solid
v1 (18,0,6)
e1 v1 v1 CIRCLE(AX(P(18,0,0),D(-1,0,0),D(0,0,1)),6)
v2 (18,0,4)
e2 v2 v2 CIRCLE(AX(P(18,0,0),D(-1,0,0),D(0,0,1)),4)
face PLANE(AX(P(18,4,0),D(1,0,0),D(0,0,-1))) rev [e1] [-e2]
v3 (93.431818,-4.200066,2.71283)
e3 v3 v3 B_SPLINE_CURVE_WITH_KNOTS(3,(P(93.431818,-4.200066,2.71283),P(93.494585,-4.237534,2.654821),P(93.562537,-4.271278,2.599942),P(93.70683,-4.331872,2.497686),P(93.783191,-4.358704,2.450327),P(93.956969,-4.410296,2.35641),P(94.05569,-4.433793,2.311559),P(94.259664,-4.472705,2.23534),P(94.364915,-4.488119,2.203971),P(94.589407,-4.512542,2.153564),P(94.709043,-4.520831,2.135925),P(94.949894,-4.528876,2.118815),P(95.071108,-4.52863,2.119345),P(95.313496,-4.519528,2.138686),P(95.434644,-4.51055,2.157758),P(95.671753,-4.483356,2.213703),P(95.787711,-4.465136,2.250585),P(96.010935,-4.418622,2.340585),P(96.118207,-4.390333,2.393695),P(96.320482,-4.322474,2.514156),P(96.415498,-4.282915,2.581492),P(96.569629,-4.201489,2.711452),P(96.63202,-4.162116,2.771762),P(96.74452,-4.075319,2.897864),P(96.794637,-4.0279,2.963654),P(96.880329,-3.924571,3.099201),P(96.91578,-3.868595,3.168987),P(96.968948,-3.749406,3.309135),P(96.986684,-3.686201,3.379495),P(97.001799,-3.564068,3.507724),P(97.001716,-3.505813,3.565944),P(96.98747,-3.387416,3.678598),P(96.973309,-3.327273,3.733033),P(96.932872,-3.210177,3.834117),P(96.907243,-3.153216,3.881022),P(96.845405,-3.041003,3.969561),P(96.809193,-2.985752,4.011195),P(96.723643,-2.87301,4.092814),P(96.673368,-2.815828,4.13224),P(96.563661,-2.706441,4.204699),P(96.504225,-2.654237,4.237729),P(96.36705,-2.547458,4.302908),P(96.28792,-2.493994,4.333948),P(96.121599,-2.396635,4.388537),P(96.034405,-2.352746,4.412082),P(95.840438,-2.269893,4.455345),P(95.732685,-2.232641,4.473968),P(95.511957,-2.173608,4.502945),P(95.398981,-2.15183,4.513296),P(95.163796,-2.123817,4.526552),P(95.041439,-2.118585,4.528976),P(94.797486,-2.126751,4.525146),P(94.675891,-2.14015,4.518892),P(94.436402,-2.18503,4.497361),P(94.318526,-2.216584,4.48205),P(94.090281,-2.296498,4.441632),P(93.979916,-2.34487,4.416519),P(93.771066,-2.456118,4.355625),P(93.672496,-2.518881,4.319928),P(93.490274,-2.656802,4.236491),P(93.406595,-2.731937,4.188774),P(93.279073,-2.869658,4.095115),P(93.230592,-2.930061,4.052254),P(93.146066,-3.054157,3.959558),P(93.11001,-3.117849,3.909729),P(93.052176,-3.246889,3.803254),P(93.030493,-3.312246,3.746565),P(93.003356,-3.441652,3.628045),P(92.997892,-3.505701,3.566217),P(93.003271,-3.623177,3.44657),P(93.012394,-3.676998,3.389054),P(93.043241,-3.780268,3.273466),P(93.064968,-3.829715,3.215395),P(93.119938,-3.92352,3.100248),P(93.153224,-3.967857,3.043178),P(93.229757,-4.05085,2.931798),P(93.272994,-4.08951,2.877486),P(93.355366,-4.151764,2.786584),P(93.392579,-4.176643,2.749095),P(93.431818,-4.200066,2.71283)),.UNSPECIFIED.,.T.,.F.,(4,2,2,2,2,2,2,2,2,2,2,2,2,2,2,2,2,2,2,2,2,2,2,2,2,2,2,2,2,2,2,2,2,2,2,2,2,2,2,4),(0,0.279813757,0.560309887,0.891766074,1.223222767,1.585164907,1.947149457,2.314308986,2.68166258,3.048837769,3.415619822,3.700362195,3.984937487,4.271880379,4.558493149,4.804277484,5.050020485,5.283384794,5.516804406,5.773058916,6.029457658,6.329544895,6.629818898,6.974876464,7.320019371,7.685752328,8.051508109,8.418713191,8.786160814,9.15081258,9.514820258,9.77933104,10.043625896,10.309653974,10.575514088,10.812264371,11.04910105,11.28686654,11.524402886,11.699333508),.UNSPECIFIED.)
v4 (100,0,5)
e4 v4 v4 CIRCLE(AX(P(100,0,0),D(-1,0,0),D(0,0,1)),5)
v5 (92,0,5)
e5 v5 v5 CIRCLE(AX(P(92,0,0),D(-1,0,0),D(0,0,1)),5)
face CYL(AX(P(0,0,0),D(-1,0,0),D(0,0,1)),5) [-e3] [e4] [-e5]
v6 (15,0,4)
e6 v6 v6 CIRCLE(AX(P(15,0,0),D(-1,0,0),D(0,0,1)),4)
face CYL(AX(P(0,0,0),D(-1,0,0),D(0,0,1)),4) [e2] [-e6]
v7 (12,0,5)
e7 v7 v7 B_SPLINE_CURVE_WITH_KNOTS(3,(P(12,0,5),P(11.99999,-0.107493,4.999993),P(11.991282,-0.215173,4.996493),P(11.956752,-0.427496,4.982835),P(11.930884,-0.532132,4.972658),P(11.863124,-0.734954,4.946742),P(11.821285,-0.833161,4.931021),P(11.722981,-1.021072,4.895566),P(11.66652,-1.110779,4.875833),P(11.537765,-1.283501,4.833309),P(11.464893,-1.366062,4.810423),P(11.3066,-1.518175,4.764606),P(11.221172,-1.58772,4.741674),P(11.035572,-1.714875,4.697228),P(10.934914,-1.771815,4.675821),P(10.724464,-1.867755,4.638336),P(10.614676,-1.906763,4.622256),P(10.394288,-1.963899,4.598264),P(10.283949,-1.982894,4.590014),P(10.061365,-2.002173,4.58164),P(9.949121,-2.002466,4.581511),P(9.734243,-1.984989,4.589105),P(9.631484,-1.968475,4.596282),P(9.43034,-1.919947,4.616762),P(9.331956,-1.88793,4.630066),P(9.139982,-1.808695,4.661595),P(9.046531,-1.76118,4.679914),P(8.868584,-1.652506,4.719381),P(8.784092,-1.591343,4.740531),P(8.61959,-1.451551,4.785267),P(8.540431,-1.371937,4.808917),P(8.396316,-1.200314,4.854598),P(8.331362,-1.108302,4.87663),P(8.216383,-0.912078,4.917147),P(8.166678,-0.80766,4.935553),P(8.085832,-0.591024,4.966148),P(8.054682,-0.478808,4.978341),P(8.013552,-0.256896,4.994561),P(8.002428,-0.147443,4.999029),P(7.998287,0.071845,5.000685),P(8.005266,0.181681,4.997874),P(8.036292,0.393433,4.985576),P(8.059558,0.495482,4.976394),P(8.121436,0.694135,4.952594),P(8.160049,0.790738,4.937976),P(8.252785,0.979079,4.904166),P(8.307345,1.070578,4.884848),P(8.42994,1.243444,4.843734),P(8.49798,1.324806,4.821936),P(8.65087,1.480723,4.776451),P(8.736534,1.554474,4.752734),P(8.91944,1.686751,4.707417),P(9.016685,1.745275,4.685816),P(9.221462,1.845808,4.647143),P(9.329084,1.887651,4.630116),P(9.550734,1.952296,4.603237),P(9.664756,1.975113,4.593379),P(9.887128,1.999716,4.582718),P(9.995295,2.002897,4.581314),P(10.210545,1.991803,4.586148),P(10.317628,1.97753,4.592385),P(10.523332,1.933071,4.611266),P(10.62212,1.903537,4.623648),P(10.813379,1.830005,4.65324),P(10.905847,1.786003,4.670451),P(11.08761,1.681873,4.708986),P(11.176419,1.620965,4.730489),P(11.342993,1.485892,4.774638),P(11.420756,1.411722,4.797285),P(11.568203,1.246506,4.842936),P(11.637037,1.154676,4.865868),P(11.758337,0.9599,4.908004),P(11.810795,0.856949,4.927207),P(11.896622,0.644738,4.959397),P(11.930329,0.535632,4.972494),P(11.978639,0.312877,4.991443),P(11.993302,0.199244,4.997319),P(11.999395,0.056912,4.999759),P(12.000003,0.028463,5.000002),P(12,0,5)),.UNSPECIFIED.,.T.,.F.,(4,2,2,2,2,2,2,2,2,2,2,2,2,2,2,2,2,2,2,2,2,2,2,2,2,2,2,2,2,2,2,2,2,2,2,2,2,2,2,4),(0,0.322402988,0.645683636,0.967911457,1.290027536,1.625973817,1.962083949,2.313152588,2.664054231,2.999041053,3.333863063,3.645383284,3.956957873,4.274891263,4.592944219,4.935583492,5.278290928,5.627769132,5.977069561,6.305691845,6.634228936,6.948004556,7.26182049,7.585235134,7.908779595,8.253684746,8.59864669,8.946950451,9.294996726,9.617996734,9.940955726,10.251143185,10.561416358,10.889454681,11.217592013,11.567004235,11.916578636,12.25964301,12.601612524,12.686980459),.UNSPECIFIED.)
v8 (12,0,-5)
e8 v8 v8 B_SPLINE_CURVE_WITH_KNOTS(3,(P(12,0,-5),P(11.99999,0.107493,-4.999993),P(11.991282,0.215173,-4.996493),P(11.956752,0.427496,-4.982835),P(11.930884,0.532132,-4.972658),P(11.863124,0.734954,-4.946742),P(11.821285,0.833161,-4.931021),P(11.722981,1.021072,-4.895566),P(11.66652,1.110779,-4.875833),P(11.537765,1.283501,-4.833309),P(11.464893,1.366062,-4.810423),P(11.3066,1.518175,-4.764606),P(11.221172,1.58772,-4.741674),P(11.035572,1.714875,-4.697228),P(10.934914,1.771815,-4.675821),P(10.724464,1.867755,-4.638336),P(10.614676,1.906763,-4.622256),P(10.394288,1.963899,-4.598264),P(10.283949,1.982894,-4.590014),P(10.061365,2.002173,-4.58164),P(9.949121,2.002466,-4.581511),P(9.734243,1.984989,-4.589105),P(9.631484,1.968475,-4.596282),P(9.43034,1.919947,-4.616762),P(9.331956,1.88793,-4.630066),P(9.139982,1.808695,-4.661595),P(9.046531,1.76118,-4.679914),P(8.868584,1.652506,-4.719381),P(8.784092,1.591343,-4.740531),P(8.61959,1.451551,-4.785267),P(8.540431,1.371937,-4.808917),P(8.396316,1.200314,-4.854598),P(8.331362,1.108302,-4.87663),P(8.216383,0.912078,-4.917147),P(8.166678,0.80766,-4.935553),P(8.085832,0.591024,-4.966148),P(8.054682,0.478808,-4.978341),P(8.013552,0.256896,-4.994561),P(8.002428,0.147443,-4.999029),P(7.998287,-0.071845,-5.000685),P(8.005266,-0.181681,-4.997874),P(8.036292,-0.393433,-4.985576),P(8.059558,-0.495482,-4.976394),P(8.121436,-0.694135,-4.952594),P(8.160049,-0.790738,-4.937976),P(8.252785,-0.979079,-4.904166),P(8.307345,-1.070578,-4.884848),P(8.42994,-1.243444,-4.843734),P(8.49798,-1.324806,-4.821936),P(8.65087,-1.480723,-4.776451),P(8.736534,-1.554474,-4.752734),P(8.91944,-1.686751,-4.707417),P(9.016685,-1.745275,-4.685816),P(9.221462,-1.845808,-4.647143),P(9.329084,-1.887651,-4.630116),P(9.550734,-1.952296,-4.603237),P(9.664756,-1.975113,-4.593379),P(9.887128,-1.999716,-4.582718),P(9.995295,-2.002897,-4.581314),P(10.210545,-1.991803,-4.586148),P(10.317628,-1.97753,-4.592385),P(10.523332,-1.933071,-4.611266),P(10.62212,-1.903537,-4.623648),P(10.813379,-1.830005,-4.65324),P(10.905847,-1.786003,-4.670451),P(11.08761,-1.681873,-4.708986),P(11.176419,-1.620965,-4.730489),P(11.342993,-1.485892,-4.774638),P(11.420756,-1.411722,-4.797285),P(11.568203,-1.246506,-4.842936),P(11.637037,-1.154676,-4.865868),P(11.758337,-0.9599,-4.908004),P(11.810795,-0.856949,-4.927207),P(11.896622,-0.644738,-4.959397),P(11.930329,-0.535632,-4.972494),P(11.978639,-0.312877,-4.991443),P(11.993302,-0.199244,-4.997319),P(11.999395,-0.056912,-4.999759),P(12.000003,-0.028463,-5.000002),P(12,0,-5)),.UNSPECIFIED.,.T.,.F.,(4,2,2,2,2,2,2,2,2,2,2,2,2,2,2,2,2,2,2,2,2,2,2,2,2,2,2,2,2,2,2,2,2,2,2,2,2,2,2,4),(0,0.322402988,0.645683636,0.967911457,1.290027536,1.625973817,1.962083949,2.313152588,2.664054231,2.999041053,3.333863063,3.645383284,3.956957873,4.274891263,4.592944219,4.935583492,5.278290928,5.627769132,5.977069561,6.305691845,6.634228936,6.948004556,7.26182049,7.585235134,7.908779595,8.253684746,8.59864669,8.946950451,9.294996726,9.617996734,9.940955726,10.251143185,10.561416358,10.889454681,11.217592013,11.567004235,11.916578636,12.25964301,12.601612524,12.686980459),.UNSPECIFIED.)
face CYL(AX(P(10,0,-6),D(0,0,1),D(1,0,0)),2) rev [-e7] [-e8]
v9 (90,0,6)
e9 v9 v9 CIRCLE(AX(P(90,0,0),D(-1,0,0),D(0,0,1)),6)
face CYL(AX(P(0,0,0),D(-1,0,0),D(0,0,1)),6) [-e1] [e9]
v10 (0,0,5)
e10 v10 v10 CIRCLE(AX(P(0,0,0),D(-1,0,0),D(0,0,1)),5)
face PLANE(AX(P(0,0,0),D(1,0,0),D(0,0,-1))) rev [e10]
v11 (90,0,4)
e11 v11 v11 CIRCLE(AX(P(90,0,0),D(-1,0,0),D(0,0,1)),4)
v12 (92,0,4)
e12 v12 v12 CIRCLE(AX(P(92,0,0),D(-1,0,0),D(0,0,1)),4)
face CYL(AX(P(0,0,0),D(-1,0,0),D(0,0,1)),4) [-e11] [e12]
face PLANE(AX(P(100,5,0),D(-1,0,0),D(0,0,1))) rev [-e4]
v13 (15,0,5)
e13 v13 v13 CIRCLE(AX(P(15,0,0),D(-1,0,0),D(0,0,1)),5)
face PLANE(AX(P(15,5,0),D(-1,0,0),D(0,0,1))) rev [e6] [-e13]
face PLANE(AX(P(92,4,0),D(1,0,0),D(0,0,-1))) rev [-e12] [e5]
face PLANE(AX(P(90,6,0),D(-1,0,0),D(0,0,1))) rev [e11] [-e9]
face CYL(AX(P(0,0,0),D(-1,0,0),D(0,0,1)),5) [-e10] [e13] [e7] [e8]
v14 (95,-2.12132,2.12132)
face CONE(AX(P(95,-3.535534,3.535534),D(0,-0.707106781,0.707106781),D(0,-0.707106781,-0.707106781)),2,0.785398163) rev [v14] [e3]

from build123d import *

# Parameters (mm, degrees)
CUT_EXTRUDE_1_DEPTH      = 101.359354322
CUT_EXTRUDE_1_DEPTH_BACK = 101.359354322
SKETCH_2_R               = 2


with BuildPart() as part:
    # 草图1 → 旋转1 (revolve)
    with BuildSketch(Plane.XY, mode=Mode.PRIVATE) as revolve_1_sk:
        Polygon((0, 0), (0, 5), (15, 5), (15, 4), (18, 4), (18, 6), (90, 6), (90, 4), (92, 4), (92, 5), (100, 5), (100, 0), align=None)
    revolve(revolve_1_sk.sketch.rotate(Axis((0, 0, 0), (1, 0, 0)), 90), axis=Axis((0, 0, 0), (1, 0, 0)))

    # 草图2 → 切除-拉伸1 (cut, two sides: drawn at the far end of the back side and taken through both)
    with BuildSketch(Plane.XY.offset(-CUT_EXTRUDE_1_DEPTH_BACK)):
        with Locations((10, 0)):
            Circle(SKETCH_2_R)
    extrude(amount=CUT_EXTRUDE_1_DEPTH + CUT_EXTRUDE_1_DEPTH_BACK, mode=Mode.SUBTRACT)

    # 草图4 → 切除-旋转1 (revolve, cut)
    with BuildSketch(Plane(origin=(95, 0, 0), x_dir=(0, 0, -1), z_dir=(1, 0, 0))):
        Polygon((-2.121320344, -2.121320344), (-2.121320344, -4.949747468), (-3.535533906, -3.535533906), align=None)
    revolve(axis=Axis((95, 0, 0), (0, -0.7071067811865489, 0.7071067811865462)), mode=Mode.SUBTRACT)


solid = part.part
